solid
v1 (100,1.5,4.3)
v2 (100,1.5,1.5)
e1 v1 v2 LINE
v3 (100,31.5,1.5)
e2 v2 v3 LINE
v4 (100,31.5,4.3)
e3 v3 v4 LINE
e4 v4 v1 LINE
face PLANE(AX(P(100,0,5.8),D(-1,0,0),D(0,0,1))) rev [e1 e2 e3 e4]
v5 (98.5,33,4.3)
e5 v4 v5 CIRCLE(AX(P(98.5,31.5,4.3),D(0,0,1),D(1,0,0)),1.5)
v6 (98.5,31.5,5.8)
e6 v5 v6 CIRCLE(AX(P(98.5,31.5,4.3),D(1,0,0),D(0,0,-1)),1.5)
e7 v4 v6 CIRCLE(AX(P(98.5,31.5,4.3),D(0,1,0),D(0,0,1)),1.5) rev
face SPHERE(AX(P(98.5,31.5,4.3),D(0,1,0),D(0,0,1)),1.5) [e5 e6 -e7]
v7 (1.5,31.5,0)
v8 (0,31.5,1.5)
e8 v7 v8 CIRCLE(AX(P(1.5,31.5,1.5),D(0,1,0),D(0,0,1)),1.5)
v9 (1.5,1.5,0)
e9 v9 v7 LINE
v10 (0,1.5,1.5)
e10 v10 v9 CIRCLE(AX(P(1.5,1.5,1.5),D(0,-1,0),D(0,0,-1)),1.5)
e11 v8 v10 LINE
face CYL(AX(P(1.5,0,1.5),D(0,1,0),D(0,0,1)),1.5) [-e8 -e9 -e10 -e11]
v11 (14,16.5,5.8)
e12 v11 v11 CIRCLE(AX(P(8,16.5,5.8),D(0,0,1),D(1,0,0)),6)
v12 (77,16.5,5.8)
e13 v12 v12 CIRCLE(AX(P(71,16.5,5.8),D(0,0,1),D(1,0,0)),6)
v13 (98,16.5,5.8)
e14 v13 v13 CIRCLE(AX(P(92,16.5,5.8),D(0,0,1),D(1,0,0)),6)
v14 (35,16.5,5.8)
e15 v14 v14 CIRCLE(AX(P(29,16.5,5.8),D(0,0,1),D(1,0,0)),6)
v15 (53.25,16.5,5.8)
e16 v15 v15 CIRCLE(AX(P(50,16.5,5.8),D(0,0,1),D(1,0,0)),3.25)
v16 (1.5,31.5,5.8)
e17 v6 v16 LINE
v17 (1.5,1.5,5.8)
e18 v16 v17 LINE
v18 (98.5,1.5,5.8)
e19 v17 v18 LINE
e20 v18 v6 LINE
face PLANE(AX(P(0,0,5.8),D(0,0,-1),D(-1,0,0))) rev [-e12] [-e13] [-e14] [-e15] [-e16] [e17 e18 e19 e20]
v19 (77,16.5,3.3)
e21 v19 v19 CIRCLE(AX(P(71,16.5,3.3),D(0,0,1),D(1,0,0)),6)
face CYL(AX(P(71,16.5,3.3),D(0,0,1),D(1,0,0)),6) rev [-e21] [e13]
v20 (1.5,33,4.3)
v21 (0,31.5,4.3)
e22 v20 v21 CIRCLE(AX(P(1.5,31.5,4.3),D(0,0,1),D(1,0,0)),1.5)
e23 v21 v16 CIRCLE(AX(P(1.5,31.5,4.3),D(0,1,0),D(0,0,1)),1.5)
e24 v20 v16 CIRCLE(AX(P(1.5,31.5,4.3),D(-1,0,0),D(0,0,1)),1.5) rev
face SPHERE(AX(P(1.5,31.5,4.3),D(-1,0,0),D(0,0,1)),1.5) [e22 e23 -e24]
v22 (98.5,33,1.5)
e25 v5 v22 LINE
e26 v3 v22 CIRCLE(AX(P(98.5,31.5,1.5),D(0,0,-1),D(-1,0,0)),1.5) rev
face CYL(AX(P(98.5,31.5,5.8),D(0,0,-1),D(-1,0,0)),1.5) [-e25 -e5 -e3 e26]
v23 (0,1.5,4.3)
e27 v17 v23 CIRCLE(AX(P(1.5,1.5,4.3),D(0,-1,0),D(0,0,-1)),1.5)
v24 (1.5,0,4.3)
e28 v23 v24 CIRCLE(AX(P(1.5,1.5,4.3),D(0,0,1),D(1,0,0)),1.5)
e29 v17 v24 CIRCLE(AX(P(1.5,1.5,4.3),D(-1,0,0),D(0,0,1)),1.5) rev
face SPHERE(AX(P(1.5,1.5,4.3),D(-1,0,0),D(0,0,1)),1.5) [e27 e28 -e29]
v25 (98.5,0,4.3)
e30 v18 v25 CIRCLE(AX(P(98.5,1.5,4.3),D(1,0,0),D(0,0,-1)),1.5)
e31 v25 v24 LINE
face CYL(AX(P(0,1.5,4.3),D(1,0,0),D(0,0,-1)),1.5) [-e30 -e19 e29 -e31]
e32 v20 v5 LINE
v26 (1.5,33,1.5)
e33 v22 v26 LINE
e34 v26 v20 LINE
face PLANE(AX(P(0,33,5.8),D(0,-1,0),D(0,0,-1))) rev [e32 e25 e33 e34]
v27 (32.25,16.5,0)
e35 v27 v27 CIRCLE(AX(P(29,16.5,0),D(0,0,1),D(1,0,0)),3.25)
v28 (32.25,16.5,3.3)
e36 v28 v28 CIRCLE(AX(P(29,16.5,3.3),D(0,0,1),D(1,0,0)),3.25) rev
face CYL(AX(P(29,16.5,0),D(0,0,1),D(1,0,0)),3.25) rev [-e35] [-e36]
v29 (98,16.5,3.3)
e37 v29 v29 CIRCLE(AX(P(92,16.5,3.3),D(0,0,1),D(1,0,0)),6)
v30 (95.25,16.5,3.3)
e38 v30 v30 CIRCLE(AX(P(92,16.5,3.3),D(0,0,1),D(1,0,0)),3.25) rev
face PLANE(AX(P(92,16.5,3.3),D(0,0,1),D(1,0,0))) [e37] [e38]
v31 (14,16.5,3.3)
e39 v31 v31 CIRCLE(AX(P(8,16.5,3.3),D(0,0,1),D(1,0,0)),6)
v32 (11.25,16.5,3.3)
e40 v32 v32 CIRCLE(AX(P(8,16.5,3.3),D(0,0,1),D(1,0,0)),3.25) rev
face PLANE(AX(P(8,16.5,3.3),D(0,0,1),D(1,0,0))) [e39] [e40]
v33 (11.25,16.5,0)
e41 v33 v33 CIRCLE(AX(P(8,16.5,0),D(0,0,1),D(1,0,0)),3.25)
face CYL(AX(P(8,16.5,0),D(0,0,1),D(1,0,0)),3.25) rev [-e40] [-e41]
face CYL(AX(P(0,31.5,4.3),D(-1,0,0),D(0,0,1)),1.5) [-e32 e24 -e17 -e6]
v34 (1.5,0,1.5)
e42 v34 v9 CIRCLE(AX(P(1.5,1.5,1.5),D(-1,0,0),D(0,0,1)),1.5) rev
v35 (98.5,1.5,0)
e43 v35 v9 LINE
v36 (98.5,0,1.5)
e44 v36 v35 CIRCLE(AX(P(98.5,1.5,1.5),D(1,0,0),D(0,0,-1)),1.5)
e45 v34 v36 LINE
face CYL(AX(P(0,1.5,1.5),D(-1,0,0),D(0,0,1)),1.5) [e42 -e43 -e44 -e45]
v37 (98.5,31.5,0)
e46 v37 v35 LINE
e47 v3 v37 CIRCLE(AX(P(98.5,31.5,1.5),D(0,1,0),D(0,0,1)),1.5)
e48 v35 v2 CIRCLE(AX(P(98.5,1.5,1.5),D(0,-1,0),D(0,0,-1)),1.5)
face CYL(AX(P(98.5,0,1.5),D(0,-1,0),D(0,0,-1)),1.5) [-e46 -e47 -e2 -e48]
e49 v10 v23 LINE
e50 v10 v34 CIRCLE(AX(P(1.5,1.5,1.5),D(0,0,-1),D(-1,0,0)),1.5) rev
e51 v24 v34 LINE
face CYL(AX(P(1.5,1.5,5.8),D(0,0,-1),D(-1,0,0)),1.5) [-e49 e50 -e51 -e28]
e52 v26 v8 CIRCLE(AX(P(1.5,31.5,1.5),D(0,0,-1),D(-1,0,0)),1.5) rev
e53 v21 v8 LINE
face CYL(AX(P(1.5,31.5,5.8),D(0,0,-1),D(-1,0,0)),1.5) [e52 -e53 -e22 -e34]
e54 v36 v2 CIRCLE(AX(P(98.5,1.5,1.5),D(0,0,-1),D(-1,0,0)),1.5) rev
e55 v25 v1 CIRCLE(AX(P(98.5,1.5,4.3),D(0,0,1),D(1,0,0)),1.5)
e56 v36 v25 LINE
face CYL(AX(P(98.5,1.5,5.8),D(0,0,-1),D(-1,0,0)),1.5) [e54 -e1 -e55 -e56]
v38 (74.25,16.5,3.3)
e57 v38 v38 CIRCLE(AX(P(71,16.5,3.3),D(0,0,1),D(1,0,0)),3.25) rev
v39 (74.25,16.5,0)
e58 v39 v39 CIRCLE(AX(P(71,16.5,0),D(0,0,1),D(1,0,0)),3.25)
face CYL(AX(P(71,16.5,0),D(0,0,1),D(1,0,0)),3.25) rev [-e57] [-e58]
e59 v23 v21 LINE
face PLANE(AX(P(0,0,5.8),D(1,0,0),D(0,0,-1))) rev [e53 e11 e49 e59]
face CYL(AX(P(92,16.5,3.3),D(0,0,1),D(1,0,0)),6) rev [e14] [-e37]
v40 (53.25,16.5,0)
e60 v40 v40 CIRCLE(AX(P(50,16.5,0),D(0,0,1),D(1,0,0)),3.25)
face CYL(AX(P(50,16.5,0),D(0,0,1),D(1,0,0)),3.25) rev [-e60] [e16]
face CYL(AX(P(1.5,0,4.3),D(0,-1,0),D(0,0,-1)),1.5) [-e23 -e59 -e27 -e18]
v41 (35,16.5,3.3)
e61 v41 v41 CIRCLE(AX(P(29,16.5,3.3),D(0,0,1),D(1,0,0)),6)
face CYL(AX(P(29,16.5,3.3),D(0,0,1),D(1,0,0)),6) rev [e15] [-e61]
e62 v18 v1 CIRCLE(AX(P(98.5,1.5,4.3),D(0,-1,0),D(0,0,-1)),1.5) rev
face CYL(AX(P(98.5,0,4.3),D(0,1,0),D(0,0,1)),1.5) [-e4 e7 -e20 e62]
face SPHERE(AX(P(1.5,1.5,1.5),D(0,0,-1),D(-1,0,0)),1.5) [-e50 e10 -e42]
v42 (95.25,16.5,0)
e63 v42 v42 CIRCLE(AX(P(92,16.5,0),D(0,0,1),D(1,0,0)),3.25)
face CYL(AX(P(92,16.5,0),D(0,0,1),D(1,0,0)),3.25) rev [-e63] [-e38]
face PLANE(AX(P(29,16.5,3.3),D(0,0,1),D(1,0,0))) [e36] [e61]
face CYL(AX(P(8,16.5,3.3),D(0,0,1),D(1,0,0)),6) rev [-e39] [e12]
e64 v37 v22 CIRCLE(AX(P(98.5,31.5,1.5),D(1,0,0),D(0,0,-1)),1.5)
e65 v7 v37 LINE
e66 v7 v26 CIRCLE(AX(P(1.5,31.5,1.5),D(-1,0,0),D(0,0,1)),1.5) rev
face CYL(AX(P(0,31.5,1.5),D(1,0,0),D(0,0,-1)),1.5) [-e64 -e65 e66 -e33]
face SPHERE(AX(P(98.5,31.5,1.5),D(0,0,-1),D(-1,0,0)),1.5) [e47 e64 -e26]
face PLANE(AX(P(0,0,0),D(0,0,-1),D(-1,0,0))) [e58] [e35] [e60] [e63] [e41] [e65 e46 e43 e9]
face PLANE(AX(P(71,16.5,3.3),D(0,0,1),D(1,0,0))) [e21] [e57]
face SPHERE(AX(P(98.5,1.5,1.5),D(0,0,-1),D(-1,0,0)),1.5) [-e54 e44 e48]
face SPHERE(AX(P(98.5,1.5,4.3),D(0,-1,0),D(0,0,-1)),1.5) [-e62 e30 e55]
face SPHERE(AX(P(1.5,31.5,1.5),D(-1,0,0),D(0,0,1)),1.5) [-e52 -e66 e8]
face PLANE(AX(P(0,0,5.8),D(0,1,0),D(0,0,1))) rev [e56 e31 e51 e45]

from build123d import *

# Parameters (mm, degrees)
SKETCH1_W           = 100
SKETCH1_H           = 33
BOSS_EXTRUDE1_DEPTH = 5.8
SKETCH2_R           = 3.25
CUT_EXTRUDE1_DEPTH  = 106.463927482
SKETCH3_R           = 6
CUT_EXTRUDE5_DEPTH  = 2.5
FILLET1_R           = 1.5


with BuildPart() as part:
    # Sketch1 → Boss-Extrude1 (new body)
    with BuildSketch(Plane.XY):
        with Locations((50, 16.5)):
            Rectangle(SKETCH1_W, SKETCH1_H)
    extrude(amount=BOSS_EXTRUDE1_DEPTH)

    # Sketch2 → Cut-Extrude1 (cut, through all)
    with BuildSketch(Plane.XY.offset(5.8)):
        with Locations((8, 16.5)):
            Circle(SKETCH2_R)
        with Locations((29, 16.5)):
            Circle(SKETCH2_R)
        with Locations((50, 16.5)):
            Circle(SKETCH2_R)
        with Locations((71, 16.5)):
            Circle(SKETCH2_R)
        with Locations((92, 16.5)):
            Circle(SKETCH2_R)
    extrude(amount=-CUT_EXTRUDE1_DEPTH, mode=Mode.SUBTRACT)

    # Sketch3 → Cut-Extrude5 (cut)
    with BuildSketch(Plane.XY.offset(5.8)):
        with Locations((8, 16.5)):
            Circle(SKETCH3_R)
        with Locations((29, 16.5)):
            Circle(SKETCH3_R)
        with Locations((71, 16.5)):
            Circle(SKETCH3_R)
        with Locations((92, 16.5)):
            Circle(SKETCH3_R)
    extrude(amount=-CUT_EXTRUDE5_DEPTH, mode=Mode.SUBTRACT)

    # Fillet1
    fillet1_edges = [part.edges().sort_by_distance(p)[0] for p in [
        (100, 16.5, 5.8),
        (50, 33, 5.8),
        (0, 16.5, 5.8),
        (50, 33, 0),
        (100, 16.5, 0),
        (50, 0, 0),
        (0, 16.5, 0),
        (0, 33, 2.9),
        (100, 33, 2.9),
        (100, 0, 2.9),
        (0, 0, 2.9),
        (50, 0, 5.8),
    ]]
    fillet(fillet1_edges, radius=FILLET1_R)


solid = part.part
